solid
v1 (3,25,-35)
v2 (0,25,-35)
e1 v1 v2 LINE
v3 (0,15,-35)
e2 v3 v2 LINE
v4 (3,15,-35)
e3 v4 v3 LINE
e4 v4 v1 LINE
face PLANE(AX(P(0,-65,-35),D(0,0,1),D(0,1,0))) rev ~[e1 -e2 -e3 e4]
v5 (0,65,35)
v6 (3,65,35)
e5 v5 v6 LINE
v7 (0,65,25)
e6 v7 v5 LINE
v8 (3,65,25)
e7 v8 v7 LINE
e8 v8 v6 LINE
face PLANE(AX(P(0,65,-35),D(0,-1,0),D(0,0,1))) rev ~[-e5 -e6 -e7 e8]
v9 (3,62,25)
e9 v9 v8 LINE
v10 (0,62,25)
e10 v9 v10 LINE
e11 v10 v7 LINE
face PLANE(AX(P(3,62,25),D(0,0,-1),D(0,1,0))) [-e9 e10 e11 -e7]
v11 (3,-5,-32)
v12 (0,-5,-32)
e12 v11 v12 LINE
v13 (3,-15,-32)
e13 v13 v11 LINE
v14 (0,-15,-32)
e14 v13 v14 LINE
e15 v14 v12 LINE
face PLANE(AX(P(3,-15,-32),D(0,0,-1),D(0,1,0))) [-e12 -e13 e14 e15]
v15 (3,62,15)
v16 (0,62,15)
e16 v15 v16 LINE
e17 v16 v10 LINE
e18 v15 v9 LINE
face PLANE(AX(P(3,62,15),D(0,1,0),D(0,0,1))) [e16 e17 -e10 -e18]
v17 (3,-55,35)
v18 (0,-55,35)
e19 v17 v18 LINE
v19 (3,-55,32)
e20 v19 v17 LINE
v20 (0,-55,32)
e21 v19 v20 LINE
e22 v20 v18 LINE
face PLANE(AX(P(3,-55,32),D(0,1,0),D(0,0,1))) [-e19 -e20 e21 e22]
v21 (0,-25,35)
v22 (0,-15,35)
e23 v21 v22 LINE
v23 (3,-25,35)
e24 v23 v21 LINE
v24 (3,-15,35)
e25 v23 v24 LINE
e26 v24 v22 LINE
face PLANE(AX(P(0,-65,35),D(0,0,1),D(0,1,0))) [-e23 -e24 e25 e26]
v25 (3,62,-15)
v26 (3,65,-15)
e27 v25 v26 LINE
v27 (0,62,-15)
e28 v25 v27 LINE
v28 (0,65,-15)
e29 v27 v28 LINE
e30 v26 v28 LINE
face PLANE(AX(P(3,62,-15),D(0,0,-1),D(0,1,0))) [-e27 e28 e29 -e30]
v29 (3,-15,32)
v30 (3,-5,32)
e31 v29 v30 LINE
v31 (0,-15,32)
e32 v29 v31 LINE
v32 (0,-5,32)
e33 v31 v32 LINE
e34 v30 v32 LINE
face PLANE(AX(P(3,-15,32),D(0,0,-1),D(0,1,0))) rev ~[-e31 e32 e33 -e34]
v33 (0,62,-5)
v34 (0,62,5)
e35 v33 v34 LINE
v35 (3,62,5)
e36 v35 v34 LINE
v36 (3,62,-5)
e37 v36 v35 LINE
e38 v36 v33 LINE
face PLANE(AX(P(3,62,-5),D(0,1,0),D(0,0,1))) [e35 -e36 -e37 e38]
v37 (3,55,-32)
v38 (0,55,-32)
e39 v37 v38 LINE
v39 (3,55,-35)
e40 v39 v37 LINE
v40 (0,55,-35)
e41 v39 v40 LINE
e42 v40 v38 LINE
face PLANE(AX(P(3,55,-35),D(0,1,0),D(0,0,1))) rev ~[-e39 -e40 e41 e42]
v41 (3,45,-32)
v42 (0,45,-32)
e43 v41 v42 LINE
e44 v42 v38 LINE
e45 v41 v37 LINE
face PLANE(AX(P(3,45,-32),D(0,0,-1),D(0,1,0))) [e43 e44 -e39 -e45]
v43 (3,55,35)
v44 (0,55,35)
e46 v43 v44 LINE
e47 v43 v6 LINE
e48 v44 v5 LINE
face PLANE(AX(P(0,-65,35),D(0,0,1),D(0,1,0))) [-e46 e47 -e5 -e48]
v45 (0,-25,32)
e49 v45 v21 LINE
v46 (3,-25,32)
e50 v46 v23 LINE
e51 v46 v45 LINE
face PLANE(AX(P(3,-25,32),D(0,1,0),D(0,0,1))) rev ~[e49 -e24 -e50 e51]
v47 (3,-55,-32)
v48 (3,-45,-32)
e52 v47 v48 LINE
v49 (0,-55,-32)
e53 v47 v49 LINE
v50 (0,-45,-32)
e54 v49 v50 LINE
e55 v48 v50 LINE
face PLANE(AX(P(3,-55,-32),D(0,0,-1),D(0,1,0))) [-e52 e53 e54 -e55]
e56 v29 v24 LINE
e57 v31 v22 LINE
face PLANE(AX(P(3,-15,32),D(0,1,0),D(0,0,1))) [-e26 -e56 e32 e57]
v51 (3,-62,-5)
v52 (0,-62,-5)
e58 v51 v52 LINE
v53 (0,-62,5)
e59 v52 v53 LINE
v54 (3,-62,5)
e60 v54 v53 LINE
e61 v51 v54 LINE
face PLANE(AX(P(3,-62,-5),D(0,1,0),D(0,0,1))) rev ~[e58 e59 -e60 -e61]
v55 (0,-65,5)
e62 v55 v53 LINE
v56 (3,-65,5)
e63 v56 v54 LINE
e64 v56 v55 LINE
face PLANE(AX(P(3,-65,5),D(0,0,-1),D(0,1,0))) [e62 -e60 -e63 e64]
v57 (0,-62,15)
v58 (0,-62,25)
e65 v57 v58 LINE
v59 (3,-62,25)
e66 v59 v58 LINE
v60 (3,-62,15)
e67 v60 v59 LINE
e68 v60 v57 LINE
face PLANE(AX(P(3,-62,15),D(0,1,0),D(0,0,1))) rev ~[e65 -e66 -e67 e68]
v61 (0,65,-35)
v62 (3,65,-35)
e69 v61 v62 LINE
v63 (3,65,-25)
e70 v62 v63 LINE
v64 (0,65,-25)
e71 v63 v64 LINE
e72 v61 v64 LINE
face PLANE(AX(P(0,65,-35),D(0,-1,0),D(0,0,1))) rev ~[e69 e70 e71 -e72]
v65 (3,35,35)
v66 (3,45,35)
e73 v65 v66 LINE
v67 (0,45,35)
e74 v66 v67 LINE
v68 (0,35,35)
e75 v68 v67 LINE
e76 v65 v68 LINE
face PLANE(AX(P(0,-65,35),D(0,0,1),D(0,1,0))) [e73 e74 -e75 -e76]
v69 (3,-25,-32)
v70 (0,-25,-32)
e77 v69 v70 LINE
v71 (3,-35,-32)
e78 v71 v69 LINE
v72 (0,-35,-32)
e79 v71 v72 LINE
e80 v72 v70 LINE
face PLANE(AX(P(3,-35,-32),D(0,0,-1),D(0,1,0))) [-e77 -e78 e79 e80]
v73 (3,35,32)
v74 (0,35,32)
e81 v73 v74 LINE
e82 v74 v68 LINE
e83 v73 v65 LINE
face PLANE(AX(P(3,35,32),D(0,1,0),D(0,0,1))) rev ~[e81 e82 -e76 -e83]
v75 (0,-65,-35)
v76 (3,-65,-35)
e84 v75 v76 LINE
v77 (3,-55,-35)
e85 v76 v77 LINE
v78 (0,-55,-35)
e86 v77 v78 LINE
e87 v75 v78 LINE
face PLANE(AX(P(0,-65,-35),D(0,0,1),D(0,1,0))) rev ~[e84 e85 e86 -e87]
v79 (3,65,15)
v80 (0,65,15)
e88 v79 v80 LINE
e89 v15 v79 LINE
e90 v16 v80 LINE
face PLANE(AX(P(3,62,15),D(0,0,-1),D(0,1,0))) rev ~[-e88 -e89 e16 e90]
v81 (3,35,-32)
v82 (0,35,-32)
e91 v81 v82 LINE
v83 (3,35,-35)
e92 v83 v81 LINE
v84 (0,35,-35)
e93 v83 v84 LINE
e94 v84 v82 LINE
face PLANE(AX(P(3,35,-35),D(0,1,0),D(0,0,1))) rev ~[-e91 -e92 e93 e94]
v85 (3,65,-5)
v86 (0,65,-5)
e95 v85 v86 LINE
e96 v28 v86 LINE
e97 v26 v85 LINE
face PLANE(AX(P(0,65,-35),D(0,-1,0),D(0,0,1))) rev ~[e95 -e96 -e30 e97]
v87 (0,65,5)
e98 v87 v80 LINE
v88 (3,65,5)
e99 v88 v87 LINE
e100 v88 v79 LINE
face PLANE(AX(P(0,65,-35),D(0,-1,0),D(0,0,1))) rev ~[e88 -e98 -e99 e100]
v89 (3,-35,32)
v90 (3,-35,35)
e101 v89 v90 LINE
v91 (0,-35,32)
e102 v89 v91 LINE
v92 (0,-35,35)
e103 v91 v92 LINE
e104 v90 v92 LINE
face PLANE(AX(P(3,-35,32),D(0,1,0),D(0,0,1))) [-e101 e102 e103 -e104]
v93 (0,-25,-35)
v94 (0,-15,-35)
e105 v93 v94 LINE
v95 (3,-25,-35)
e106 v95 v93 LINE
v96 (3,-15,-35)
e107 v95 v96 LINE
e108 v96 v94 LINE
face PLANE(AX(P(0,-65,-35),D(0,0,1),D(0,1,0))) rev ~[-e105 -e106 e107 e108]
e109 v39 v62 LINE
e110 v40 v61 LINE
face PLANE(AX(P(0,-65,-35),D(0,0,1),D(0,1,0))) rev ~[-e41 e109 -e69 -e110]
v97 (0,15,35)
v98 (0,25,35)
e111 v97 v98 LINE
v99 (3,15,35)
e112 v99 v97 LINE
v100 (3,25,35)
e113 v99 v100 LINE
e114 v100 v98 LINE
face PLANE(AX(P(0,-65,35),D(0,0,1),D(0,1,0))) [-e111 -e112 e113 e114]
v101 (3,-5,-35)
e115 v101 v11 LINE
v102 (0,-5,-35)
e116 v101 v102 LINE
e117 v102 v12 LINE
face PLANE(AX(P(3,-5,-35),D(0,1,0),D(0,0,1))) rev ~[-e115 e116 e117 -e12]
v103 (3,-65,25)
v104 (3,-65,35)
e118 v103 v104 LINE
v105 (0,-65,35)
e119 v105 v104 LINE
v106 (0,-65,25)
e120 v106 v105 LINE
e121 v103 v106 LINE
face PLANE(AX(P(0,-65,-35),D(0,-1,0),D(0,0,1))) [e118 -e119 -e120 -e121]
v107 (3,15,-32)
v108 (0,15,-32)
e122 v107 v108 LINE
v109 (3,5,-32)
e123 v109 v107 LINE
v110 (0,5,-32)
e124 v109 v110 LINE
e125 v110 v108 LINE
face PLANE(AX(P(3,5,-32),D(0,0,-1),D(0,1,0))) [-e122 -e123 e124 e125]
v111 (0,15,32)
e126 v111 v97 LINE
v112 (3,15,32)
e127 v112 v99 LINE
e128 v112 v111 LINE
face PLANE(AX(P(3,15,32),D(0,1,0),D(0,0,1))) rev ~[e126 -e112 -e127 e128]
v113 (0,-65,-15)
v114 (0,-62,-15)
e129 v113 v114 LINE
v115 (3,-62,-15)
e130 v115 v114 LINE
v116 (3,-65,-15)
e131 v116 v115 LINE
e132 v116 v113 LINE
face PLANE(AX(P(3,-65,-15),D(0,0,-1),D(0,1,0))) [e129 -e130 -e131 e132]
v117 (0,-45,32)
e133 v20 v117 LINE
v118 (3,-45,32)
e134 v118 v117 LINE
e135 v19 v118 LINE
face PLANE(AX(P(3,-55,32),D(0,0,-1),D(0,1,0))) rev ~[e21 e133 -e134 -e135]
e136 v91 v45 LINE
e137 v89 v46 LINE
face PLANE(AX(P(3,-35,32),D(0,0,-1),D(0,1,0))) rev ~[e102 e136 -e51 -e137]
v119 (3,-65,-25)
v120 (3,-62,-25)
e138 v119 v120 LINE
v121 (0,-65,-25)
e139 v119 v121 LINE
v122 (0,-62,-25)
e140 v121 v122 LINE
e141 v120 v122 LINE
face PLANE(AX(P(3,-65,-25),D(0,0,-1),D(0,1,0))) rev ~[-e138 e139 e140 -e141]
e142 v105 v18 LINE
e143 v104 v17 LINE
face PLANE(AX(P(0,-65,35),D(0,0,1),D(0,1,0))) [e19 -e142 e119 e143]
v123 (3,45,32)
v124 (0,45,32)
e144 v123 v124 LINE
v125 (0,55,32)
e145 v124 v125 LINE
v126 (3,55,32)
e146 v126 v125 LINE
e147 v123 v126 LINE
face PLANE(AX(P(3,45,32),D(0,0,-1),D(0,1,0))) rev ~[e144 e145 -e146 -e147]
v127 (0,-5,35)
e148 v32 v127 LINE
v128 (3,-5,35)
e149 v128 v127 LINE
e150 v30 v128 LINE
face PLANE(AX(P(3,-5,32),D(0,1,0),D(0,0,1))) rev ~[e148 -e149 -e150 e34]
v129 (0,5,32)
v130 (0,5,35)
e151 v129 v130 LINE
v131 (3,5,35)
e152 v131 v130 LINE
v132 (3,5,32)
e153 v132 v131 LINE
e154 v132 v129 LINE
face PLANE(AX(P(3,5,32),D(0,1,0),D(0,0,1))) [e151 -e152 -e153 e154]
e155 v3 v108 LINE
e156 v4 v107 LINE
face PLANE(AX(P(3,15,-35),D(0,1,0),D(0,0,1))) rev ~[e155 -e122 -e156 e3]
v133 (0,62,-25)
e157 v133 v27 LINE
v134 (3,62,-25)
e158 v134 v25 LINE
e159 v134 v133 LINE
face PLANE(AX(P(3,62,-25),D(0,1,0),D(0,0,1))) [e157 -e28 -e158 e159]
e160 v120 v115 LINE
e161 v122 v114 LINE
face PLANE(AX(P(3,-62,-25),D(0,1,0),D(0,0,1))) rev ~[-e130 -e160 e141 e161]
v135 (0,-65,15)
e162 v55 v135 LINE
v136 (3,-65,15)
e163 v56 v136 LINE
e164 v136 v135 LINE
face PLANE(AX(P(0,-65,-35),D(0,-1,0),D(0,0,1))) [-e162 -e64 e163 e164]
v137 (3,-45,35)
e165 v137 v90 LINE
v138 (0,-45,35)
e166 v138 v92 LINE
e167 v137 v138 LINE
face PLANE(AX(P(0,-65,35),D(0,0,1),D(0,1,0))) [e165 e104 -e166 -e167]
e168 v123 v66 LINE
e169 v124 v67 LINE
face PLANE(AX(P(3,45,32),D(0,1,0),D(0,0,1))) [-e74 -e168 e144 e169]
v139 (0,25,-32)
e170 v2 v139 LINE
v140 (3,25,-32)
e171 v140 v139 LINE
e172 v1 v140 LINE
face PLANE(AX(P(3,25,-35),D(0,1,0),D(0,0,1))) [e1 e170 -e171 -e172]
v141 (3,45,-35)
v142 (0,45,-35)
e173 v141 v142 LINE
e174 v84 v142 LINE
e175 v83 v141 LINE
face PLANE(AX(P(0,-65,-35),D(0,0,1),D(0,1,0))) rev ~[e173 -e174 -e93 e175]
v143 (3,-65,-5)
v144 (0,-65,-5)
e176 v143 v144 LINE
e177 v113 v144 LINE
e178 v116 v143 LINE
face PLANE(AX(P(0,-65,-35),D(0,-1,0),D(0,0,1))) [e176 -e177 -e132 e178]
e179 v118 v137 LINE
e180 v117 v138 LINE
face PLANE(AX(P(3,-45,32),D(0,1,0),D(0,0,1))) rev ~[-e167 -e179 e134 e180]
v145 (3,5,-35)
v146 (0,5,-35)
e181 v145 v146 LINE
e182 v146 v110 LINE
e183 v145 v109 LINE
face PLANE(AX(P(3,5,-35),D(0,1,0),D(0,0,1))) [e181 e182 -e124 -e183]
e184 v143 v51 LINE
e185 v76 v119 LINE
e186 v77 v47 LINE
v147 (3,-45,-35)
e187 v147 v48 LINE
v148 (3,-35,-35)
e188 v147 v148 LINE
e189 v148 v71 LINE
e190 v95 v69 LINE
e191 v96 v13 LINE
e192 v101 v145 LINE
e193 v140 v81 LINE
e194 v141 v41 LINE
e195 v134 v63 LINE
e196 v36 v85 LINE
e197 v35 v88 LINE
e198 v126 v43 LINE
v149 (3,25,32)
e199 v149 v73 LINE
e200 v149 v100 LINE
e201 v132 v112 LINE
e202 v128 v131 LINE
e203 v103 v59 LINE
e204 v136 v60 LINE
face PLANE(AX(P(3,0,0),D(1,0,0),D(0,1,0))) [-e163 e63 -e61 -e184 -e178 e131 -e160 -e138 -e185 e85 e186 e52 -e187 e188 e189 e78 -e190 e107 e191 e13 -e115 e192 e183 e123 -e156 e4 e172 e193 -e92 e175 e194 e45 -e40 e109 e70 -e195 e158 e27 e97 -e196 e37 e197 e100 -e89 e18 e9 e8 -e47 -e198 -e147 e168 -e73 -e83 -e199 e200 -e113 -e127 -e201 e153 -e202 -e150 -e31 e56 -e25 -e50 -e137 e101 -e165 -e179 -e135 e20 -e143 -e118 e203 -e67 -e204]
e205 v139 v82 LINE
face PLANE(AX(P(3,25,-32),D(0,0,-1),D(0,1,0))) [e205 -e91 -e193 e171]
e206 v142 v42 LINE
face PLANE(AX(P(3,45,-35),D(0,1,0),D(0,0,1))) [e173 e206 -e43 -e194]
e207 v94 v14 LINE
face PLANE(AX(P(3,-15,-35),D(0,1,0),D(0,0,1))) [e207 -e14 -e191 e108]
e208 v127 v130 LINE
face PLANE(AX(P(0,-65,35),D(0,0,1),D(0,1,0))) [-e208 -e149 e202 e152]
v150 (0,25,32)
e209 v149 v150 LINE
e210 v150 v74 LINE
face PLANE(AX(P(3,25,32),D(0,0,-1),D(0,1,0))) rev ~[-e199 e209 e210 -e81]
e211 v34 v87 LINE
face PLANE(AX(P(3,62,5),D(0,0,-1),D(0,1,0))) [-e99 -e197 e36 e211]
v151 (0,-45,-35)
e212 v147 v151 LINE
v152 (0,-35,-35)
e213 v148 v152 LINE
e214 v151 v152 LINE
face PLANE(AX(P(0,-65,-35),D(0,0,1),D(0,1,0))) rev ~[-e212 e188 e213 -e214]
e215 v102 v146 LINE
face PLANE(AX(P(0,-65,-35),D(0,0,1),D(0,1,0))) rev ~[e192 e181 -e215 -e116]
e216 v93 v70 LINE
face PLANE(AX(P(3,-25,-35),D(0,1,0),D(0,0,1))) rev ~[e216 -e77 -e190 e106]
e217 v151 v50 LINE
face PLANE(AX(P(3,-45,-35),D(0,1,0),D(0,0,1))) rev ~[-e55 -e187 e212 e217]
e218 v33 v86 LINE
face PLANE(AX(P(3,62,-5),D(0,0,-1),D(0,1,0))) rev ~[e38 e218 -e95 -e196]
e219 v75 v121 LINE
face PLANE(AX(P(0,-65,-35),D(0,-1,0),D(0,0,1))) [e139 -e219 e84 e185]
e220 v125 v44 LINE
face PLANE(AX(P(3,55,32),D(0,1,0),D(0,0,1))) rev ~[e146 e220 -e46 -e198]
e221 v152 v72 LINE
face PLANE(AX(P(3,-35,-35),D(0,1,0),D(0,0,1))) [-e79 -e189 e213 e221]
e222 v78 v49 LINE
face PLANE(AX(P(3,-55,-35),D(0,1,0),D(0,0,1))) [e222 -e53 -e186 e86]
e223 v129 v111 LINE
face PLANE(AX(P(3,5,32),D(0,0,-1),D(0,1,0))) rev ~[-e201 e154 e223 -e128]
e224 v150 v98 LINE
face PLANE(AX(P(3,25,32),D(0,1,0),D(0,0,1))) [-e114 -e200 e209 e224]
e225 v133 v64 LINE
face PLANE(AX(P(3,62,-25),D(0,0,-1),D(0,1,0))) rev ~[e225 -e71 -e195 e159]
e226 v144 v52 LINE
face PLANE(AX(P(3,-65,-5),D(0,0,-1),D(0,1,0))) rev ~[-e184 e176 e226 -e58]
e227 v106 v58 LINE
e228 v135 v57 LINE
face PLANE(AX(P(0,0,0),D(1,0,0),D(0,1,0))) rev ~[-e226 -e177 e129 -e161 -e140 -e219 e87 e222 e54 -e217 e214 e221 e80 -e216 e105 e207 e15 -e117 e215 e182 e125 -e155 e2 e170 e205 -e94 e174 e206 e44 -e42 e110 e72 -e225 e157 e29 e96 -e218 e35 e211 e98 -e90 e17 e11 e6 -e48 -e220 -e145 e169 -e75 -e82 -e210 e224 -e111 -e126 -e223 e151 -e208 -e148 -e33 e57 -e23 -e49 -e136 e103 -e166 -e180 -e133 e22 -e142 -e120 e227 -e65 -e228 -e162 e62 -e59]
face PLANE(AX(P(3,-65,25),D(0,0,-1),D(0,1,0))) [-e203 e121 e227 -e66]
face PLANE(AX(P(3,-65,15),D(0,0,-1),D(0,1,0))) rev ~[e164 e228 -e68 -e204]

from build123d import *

# Parameters (mm, degrees)
F0_W     = 130
F0_H     = 70
F1_DEPTH = 3
F2_W     = 3
F2_H     = 10
F2_W_2   = 10
F2_H_2   = 3
F3_DEPTH = 3.001


with BuildPart() as f1:
    # F0 (on Right) → F1 (new body)
    with BuildSketch(Plane.YZ):
        Rectangle(F0_W, F0_H)
    extrude(amount=F1_DEPTH)

    # F2 (on face) → F3 (cut, through all)
    with BuildSketch(Plane.YZ.offset(3)):
        with Locations((-63.5, 20)):
            Rectangle(F2_W, F2_H)
        with Locations((-63.5, 0)):
            Rectangle(F2_W, F2_H)
        with Locations((-63.5, -20)):
            Rectangle(F2_W, F2_H)
        with Locations((63.5, 0)):
            Rectangle(F2_W, F2_H)
        with Locations((63.5, 20)):
            Rectangle(F2_W, F2_H)
        with Locations((63.5, -20)):
            Rectangle(F2_W, F2_H)
        with Locations((-50, -33.5)):
            Rectangle(F2_W_2, F2_H_2)
        with Locations((-30, -33.5)):
            Rectangle(F2_W_2, F2_H_2)
        with Locations((-10, -33.5)):
            Rectangle(F2_W_2, F2_H_2)
        with Locations((10, -33.5)):
            Rectangle(F2_W_2, F2_H_2)
        with Locations((30, -33.5)):
            Rectangle(F2_W_2, F2_H_2)
        with Locations((50, -33.5)):
            Rectangle(F2_W_2, F2_H_2)
        with Locations((-50, 33.5)):
            Rectangle(F2_W_2, F2_H_2)
        with Locations((-30, 33.5)):
            Rectangle(F2_W_2, F2_H_2)
        with Locations((50, 33.5)):
            Rectangle(F2_W_2, F2_H_2)
        with Locations((-10, 33.5)):
            Rectangle(F2_W_2, F2_H_2)
        with Locations((10, 33.5)):
            Rectangle(F2_W_2, F2_H_2)
        with Locations((30, 33.5)):
            Rectangle(F2_W_2, F2_H_2)
    extrude(amount=-F3_DEPTH, mode=Mode.SUBTRACT)


solid = f1.part
